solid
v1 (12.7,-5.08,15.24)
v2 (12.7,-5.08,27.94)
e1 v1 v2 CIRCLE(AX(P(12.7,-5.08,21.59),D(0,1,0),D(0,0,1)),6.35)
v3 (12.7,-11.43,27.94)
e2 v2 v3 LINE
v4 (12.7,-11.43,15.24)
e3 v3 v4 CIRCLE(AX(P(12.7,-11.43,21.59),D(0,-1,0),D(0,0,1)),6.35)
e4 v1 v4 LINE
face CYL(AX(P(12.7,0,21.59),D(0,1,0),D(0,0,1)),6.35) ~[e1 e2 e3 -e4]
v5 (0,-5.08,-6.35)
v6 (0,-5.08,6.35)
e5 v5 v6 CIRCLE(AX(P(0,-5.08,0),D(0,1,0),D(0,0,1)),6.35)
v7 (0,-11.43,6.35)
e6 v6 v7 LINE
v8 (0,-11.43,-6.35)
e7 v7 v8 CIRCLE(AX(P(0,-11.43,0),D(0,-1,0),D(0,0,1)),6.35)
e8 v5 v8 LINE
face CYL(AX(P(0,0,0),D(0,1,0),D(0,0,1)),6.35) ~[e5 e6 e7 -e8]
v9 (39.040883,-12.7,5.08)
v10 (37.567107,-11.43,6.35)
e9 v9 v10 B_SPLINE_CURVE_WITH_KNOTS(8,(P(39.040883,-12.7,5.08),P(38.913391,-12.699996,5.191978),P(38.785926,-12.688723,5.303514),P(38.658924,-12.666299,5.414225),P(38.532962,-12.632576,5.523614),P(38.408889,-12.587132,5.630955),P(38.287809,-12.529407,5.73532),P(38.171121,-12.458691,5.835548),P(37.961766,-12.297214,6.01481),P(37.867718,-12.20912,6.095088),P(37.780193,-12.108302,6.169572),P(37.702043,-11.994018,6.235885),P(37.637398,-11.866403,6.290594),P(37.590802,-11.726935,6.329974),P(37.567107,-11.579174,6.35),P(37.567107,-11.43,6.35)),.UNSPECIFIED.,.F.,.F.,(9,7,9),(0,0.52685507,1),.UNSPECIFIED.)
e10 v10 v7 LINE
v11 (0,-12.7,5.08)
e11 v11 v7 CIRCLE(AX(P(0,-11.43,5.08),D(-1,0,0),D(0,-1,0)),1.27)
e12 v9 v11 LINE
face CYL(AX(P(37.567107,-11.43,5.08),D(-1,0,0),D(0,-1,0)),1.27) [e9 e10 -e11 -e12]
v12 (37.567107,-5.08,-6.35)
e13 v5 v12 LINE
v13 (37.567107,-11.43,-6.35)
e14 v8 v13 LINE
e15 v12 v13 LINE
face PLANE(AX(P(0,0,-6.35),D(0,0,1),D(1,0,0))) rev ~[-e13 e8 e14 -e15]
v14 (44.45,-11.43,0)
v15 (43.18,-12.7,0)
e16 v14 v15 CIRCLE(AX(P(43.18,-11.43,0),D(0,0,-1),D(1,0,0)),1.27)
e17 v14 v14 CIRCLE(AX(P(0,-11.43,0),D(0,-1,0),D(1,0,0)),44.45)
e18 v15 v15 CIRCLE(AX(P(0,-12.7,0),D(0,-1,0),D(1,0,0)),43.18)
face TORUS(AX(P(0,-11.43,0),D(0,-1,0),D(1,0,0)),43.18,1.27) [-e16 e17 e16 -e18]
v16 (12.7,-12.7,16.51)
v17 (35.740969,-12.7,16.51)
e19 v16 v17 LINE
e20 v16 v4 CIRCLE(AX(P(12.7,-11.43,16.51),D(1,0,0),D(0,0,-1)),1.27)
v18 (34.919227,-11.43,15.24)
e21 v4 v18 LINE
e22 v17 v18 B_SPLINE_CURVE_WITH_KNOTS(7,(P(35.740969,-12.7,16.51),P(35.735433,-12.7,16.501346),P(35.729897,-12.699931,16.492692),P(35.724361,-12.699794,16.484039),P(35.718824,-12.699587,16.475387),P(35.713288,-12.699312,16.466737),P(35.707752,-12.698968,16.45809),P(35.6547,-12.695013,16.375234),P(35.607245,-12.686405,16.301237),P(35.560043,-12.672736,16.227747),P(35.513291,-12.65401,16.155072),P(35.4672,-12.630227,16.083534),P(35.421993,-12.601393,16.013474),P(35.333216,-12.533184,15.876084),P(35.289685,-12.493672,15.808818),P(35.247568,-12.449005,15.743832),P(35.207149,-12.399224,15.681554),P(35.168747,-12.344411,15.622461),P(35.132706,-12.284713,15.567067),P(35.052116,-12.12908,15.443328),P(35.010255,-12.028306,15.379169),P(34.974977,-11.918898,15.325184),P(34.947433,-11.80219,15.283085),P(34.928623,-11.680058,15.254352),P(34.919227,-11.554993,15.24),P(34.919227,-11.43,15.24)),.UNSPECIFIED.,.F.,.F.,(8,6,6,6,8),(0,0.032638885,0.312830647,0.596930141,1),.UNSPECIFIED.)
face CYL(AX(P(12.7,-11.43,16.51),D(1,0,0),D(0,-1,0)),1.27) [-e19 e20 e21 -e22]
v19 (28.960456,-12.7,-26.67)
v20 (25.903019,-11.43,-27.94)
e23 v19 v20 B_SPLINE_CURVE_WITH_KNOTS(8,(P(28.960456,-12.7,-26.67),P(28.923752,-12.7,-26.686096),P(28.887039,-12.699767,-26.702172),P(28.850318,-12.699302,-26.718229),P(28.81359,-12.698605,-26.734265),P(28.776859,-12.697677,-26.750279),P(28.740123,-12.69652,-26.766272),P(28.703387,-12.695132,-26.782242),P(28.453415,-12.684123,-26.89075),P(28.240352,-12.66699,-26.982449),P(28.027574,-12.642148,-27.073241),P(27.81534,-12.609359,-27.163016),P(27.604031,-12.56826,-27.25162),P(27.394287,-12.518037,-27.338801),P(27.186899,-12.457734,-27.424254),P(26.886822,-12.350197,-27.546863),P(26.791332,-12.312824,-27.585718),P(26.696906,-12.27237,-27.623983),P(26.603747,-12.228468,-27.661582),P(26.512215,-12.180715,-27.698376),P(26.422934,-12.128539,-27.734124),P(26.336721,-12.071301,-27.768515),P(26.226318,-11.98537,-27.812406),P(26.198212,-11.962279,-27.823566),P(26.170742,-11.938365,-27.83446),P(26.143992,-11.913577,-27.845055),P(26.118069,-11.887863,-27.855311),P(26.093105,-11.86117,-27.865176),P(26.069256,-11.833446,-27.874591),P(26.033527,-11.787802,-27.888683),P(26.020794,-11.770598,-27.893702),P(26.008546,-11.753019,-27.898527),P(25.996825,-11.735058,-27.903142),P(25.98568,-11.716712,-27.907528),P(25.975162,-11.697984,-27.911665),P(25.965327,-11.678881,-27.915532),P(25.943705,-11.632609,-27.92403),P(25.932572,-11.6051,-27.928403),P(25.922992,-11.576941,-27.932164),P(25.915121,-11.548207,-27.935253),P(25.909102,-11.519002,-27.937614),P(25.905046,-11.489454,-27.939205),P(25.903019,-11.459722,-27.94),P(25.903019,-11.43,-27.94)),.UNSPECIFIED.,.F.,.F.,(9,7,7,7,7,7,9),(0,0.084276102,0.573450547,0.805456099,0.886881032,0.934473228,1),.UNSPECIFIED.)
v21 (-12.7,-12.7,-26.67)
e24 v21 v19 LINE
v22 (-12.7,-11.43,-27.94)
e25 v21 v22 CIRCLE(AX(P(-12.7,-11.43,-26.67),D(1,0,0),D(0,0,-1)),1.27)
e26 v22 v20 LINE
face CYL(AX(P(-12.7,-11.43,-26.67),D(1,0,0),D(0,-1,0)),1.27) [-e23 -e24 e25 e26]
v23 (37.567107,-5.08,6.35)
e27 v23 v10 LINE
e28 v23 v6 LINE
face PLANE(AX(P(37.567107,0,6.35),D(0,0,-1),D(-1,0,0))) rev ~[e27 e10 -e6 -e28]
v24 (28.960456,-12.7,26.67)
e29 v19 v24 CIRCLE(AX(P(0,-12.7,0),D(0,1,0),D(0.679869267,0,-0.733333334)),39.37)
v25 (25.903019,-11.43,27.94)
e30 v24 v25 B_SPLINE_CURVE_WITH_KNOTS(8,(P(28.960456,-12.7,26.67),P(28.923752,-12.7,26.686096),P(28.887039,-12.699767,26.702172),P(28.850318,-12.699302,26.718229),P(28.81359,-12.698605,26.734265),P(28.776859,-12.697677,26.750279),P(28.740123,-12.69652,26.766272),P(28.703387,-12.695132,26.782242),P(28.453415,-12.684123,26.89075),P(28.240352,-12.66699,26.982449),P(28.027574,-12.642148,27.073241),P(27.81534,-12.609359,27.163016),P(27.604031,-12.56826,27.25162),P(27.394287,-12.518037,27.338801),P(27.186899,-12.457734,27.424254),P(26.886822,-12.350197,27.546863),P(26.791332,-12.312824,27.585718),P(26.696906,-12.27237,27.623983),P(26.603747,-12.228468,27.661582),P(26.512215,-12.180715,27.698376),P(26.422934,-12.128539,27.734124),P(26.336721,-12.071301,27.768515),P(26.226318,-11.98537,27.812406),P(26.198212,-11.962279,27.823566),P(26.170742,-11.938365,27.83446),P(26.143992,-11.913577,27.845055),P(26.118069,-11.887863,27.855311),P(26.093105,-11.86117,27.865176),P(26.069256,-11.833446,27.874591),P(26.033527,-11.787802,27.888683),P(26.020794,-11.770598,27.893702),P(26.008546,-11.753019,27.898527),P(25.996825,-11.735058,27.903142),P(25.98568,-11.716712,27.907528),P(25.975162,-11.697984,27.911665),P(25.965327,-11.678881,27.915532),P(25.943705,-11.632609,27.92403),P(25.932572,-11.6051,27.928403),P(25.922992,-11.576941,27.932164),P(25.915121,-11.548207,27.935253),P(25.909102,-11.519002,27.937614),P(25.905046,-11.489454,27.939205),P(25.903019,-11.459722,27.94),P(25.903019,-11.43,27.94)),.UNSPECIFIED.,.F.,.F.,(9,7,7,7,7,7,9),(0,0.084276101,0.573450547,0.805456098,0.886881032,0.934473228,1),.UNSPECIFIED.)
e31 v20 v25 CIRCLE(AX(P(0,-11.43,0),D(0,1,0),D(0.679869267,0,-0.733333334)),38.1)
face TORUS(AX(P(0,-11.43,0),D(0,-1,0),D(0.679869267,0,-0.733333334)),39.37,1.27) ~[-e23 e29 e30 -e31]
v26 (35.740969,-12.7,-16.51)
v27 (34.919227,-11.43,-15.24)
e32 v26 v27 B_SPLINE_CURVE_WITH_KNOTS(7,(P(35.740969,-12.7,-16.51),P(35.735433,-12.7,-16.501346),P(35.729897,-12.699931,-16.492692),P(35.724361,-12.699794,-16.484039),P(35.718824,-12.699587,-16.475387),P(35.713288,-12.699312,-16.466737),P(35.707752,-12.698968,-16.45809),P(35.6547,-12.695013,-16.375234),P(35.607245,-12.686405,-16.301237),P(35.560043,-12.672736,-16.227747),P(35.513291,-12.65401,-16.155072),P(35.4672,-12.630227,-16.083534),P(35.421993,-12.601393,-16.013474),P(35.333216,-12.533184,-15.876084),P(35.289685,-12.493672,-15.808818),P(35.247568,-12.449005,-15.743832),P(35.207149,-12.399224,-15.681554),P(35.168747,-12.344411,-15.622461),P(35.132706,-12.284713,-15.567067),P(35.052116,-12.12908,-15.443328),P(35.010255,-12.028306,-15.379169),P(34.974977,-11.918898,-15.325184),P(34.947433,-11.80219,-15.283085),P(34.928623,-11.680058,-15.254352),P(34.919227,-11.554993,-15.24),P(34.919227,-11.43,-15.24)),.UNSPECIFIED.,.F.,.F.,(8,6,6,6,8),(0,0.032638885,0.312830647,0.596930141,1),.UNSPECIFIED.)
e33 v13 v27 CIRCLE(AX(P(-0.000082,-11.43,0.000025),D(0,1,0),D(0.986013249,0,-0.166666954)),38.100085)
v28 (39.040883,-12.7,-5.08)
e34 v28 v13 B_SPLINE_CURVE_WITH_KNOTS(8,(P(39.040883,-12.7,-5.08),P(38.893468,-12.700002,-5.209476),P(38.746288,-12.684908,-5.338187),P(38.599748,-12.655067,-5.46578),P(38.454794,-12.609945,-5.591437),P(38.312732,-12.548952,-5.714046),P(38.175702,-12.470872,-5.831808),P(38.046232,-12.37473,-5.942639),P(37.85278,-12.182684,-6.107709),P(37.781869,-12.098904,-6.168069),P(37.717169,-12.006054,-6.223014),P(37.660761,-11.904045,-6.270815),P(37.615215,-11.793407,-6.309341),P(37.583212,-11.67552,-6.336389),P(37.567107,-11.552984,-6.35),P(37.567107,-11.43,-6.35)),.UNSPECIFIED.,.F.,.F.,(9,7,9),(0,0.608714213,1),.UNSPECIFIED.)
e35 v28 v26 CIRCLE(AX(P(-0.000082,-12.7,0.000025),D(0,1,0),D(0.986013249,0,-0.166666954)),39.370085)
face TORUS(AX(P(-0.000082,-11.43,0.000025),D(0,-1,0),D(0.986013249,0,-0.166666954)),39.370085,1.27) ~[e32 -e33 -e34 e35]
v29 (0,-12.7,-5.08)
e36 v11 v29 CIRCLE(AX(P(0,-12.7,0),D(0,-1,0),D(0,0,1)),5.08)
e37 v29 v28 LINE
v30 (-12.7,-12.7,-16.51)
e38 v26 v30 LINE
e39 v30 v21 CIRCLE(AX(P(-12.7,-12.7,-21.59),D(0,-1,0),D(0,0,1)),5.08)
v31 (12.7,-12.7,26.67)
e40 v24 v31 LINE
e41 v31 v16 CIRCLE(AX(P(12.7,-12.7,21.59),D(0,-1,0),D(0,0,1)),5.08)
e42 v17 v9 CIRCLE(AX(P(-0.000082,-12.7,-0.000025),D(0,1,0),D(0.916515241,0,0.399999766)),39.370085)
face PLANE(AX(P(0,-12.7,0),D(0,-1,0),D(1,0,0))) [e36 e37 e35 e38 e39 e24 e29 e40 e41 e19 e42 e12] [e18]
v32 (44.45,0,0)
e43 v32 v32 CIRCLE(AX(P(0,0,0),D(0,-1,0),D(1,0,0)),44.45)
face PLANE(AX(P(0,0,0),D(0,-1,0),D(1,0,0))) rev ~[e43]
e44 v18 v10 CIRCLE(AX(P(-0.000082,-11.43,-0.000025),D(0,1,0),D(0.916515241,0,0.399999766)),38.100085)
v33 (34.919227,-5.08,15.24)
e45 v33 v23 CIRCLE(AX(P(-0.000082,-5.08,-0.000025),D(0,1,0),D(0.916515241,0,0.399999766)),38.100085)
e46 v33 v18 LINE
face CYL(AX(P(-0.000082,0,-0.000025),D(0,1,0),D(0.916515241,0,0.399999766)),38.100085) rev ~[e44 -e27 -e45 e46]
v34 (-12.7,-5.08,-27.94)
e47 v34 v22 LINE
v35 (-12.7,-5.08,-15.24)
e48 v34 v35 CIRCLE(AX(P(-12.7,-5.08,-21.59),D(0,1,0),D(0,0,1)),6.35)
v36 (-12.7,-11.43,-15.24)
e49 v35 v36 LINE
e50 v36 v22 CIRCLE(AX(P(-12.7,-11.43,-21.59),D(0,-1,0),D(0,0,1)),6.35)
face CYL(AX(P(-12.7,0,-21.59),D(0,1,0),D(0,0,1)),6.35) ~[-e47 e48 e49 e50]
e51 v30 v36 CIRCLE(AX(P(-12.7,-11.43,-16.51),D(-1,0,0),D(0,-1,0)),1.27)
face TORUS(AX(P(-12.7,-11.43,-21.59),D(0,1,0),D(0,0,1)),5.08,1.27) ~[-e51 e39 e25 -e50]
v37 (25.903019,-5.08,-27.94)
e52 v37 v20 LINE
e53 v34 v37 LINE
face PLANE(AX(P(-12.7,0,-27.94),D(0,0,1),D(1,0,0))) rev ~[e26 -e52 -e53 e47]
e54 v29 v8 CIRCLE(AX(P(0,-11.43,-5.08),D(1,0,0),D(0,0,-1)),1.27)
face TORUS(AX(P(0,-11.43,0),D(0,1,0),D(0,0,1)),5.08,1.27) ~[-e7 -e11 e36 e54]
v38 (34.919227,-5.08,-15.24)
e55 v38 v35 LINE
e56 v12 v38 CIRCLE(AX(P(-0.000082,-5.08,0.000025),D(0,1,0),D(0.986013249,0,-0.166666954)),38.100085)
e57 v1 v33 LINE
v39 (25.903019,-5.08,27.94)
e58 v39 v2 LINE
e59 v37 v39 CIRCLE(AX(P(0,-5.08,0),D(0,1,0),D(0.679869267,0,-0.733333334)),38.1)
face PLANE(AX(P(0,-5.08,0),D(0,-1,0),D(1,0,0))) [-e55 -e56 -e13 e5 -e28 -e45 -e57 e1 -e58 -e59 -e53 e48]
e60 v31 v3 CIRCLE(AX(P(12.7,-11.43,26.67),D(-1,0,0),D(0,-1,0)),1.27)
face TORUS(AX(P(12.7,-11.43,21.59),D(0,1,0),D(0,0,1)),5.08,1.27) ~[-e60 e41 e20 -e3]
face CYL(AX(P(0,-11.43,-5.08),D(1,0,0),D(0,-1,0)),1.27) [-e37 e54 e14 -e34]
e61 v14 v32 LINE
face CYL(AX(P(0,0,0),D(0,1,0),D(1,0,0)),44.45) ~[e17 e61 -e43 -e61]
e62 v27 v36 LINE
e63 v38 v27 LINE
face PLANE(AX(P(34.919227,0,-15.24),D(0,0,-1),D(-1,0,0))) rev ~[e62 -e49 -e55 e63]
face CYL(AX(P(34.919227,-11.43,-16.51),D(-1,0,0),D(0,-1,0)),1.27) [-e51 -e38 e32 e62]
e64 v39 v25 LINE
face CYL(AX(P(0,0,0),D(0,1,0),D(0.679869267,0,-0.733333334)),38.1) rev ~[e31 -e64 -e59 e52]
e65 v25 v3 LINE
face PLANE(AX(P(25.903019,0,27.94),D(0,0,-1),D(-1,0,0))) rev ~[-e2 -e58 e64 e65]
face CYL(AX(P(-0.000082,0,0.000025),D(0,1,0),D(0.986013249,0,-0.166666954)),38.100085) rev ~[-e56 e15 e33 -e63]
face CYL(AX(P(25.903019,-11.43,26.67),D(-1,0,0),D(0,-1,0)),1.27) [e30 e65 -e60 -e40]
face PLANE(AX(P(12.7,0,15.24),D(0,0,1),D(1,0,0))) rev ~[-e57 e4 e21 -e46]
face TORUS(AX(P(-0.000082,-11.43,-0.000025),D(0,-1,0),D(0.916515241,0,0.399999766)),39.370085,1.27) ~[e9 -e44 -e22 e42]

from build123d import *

# Parameters (mm, degrees)
F0_R     = 44.45
F1_DEPTH = 12.7
F2_R     = 44.45
F3_DEPTH = 5.08
F4_R     = 1.27


with BuildPart() as f1:
    # F0 (on Front) → F1 (new body)
    with BuildSketch(Plane.XZ):
        Circle(F0_R)
        with BuildLine():
            ThreePointArc((25.903019, -27.94), (-38.1, 0), (25.903019, 27.94))
            Line((25.903019, 27.94), (12.7, 27.94))
            ThreePointArc((12.7, 27.94), (6.35, 21.59), (12.7, 15.24))
            Line((12.7, 15.24), (34.919227, 15.24))
            ThreePointArc((34.919227, 15.24), (36.514725, 10.875883), (37.567107, 6.35))
            Line((37.567107, 6.35), (0, 6.35))
            ThreePointArc((0, 6.35), (-6.35, 0), (0, -6.35))
            Line((0, -6.35), (37.567107, -6.35))
            ThreePointArc((37.567107, -6.35), (36.514725, -10.875883), (34.919227, -15.24))
            Line((34.919227, -15.24), (0, -15.24))
            Line((0, -15.24), (-12.7, -15.24))
            ThreePointArc((-12.7, -15.24), (-19.05, -21.59), (-12.7, -27.94))
            Line((-12.7, -27.94), (0, -27.94))
            Line((0, -27.94), (25.903019, -27.94))
        make_face(mode=Mode.SUBTRACT)
    extrude(amount=F1_DEPTH)

    # F2 (on Front) → F3 (join)
    with BuildSketch(Plane.XZ):
        Circle(F2_R)
    extrude(amount=F3_DEPTH)

    # F4
    f4_edges = [f1.edges().sort_by_distance(p)[0] for p in [
        (-44.45, -12.7, 0),
        (6.60151, -12.7, -27.94),
        (18.783553, -12.7, -6.35),
        (23.809613, -12.7, 15.24),
        (36.514725, -12.7, -10.875883),
        (36.514725, -12.7, 10.875883),
        (-38.1, -12.7, 0),
    ]]
    fillet(f4_edges, radius=F4_R)


solid = f1.part
